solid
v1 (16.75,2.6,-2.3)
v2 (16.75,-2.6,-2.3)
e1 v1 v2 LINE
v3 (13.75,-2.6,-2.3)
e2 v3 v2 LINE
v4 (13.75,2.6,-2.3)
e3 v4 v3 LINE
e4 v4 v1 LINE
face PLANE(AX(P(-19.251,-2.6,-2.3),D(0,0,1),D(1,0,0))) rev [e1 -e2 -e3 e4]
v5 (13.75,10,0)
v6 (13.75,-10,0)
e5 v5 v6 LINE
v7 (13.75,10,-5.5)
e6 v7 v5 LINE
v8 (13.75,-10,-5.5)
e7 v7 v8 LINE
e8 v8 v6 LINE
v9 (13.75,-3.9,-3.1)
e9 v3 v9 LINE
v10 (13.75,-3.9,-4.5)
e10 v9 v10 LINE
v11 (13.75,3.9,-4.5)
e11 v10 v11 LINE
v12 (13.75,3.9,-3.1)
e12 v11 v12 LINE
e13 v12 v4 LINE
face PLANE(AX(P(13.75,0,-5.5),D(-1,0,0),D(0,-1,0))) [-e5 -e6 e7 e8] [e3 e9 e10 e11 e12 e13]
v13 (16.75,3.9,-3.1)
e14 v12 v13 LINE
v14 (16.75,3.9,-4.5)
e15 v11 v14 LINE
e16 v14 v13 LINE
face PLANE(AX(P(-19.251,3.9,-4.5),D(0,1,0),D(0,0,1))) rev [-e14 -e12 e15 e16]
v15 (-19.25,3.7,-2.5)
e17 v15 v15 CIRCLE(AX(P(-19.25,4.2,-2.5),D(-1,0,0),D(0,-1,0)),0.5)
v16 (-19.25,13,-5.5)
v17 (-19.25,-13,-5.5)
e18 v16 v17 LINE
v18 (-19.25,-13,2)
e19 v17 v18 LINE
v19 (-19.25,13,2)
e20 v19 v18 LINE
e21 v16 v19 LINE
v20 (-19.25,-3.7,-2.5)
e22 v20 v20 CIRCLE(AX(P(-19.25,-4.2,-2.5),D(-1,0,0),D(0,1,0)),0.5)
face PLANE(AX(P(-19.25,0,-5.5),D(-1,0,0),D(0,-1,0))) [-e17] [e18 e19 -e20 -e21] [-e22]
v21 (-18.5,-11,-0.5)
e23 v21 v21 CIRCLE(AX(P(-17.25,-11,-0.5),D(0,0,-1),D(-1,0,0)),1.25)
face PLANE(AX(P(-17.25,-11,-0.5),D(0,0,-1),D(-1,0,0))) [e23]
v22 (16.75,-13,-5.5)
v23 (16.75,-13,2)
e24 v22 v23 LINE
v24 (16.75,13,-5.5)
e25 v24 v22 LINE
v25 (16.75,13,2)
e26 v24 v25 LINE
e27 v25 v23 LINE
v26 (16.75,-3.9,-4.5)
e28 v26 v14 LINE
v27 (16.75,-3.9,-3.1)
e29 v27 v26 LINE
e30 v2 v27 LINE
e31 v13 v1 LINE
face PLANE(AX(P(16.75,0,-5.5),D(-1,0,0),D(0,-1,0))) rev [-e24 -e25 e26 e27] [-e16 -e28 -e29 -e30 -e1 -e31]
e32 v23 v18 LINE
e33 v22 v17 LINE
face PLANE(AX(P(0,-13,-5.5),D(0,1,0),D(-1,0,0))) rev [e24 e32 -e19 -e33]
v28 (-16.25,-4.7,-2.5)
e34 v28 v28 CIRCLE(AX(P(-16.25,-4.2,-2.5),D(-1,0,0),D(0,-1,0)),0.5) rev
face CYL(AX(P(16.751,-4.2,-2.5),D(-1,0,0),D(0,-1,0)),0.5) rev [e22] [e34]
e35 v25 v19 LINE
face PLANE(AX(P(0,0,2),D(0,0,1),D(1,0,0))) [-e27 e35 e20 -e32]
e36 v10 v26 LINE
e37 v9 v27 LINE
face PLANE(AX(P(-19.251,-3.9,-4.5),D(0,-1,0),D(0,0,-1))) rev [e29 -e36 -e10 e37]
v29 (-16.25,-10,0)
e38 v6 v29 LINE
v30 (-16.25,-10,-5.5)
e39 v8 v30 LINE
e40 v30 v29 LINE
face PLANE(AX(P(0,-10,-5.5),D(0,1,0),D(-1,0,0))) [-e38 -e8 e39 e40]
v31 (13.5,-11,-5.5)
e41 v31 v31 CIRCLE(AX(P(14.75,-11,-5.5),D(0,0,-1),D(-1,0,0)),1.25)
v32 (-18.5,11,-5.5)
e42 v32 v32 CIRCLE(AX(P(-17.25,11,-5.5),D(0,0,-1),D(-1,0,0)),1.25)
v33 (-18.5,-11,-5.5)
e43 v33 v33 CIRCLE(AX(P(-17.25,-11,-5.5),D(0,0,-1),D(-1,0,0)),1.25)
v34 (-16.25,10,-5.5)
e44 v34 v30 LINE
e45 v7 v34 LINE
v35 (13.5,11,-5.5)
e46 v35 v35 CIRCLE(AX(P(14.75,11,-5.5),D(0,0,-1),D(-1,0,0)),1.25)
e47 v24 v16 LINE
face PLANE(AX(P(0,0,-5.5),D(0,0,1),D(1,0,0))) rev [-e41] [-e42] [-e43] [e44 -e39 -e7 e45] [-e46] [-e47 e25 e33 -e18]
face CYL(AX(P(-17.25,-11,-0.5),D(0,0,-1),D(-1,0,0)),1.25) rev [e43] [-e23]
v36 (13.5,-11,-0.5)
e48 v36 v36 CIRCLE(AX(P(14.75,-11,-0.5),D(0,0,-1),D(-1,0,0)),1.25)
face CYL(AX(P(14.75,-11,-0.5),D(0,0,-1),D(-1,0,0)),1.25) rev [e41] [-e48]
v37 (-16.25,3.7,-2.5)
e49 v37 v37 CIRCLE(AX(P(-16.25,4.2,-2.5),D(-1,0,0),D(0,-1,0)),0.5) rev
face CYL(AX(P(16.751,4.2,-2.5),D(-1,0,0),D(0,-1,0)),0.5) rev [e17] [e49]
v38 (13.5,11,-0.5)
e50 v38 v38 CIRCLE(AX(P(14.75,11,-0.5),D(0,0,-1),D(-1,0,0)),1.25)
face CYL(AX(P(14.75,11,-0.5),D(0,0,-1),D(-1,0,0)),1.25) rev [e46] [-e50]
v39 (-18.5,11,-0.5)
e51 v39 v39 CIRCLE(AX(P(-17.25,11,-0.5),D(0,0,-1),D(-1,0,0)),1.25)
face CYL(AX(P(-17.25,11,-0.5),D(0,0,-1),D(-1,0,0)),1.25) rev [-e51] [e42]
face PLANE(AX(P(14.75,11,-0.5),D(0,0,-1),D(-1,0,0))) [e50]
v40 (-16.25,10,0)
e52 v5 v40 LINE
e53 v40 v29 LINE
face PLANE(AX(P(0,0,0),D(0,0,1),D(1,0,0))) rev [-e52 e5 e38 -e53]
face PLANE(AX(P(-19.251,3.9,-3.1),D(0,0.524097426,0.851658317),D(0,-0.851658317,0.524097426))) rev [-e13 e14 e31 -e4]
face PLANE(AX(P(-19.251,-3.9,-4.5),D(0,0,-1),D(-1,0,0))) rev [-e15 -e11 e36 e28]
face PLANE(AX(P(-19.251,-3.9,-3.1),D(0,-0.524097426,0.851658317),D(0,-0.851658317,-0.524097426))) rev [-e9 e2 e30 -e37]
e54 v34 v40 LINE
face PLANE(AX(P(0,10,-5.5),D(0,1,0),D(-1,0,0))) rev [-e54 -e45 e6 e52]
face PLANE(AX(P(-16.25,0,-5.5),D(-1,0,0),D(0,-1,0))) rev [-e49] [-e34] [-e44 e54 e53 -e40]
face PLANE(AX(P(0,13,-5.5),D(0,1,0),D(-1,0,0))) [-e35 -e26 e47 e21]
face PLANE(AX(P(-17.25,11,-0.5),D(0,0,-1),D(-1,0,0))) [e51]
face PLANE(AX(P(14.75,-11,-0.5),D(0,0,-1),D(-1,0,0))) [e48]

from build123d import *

# Parameters (mm, degrees)
SKETCH1_W           = 36
SKETCH1_H           = 26
SKETCH1_W_2         = 30
SKETCH1_H_2         = 20
EXTRUDE_THIN1_DEPTH = 5.5
CUT_EXTRUDE1_REACH  = 40.668
SKETCH1_4_W         = 36
SKETCH1_4_H         = 26
SKETCH1_4_W_2       = 30
SKETCH1_4_H_2       = 20
BOSS_EXTRUDE3_DEPTH = 2
SKETCH4_R           = 1.25
CUT_EXTRUDE4_DEPTH  = 5
CUT_EXTRUDE5_REACH  = 40.668
SKETCH5_R           = 0.5


with BuildPart() as part:
    # Sketch1 → Extrude-Thin1 (new body)
    with BuildSketch(Plane.XY):
        with Locations((-1.25, 0)):
            Rectangle(SKETCH1_W, SKETCH1_H)
        with Locations((-1.25, 0)):
            Rectangle(SKETCH1_W_2, SKETCH1_H_2, mode=Mode.SUBTRACT)
    extrude(amount=-EXTRUDE_THIN1_DEPTH)

    # Sketch2 → Cut-Extrude1 (cut, up to next)
    with BuildSketch(Plane(origin=(16.75, 0, 0), x_dir=(0, 0, -1), z_dir=(1, 0, 0)), mode=Mode.PRIVATE) as cut_extrude1_sk1:
        Polygon((4.5, -3.9), (4.5, 3.9), (3.1, 3.9), (2.3, 2.6), (2.3, 0), (2.3, -2.6), (3.1, -3.9), align=None)
    cut_extrude1_tool1 = extrude(cut_extrude1_sk1.sketch, amount=-CUT_EXTRUDE1_REACH, mode=Mode.PRIVATE) & part.part
    add(cut_extrude1_tool1.solids().sort_by_distance((16.75, 0, -3.453763))[0], mode=Mode.SUBTRACT)

    # Sketch1<4> → Boss-Extrude3 (add)
    # profile 1 of 2: a face of its own
    with BuildSketch(Plane.XY):
        with Locations((-1.25, 0)):
            Rectangle(SKETCH1_4_W, SKETCH1_4_H)
        with Locations((-1.25, 0)):
            Rectangle(SKETCH1_4_W_2, SKETCH1_4_H_2, mode=Mode.SUBTRACT)
    # profile 2 of 2: a face of its own
    with BuildSketch(Plane.XY):
        with Locations((-1.25, 0)):
            Rectangle(SKETCH1_4_W_2, SKETCH1_4_H_2)
    extrude(amount=BOSS_EXTRUDE3_DEPTH)

    # Sketch4 → Cut-Extrude4 (cut)
    with BuildSketch(Plane(origin=(0, 0, -5.5), x_dir=(-1, 0, 0), z_dir=(0, 0, -1))):
        with Locations((-14.75, 11)):
            Circle(SKETCH4_R)
        with Locations((17.25, 11)):
            Circle(SKETCH4_R)
        with Locations((17.25, -11)):
            Circle(SKETCH4_R)
        with Locations((-14.75, -11)):
            Circle(SKETCH4_R)
    extrude(amount=-CUT_EXTRUDE4_DEPTH, mode=Mode.SUBTRACT)

    # Sketch5 → Cut-Extrude5 (cut, up to next)
    with BuildSketch(Plane.ZY.offset(19.25), mode=Mode.PRIVATE) as cut_extrude5_sk1:
        with Locations(Location((-2.5, 4.2, 0), (0, 0, 270))):
            Circle(SKETCH5_R)
    cut_extrude5_tool1 = extrude(cut_extrude5_sk1.sketch, amount=-CUT_EXTRUDE5_REACH, mode=Mode.PRIVATE) & part.part
    # Sketch5 → Cut-Extrude5 (cut, up to next)
    with BuildSketch(Plane.ZY.offset(19.25), mode=Mode.PRIVATE) as cut_extrude5_sk2:
        with Locations(Location((-2.5, -4.2, 0), (0, 0, 270))):
            Circle(SKETCH5_R)
    cut_extrude5_tool2 = extrude(cut_extrude5_sk2.sketch, amount=-CUT_EXTRUDE5_REACH, mode=Mode.PRIVATE) & part.part
    add(cut_extrude5_tool1.solids().sort_by_distance((-19.25, 4.2, -2.5))[0], mode=Mode.SUBTRACT)
    add(cut_extrude5_tool2.solids().sort_by_distance((-19.25, -4.2, -2.5))[0], mode=Mode.SUBTRACT)


solid = part.part
